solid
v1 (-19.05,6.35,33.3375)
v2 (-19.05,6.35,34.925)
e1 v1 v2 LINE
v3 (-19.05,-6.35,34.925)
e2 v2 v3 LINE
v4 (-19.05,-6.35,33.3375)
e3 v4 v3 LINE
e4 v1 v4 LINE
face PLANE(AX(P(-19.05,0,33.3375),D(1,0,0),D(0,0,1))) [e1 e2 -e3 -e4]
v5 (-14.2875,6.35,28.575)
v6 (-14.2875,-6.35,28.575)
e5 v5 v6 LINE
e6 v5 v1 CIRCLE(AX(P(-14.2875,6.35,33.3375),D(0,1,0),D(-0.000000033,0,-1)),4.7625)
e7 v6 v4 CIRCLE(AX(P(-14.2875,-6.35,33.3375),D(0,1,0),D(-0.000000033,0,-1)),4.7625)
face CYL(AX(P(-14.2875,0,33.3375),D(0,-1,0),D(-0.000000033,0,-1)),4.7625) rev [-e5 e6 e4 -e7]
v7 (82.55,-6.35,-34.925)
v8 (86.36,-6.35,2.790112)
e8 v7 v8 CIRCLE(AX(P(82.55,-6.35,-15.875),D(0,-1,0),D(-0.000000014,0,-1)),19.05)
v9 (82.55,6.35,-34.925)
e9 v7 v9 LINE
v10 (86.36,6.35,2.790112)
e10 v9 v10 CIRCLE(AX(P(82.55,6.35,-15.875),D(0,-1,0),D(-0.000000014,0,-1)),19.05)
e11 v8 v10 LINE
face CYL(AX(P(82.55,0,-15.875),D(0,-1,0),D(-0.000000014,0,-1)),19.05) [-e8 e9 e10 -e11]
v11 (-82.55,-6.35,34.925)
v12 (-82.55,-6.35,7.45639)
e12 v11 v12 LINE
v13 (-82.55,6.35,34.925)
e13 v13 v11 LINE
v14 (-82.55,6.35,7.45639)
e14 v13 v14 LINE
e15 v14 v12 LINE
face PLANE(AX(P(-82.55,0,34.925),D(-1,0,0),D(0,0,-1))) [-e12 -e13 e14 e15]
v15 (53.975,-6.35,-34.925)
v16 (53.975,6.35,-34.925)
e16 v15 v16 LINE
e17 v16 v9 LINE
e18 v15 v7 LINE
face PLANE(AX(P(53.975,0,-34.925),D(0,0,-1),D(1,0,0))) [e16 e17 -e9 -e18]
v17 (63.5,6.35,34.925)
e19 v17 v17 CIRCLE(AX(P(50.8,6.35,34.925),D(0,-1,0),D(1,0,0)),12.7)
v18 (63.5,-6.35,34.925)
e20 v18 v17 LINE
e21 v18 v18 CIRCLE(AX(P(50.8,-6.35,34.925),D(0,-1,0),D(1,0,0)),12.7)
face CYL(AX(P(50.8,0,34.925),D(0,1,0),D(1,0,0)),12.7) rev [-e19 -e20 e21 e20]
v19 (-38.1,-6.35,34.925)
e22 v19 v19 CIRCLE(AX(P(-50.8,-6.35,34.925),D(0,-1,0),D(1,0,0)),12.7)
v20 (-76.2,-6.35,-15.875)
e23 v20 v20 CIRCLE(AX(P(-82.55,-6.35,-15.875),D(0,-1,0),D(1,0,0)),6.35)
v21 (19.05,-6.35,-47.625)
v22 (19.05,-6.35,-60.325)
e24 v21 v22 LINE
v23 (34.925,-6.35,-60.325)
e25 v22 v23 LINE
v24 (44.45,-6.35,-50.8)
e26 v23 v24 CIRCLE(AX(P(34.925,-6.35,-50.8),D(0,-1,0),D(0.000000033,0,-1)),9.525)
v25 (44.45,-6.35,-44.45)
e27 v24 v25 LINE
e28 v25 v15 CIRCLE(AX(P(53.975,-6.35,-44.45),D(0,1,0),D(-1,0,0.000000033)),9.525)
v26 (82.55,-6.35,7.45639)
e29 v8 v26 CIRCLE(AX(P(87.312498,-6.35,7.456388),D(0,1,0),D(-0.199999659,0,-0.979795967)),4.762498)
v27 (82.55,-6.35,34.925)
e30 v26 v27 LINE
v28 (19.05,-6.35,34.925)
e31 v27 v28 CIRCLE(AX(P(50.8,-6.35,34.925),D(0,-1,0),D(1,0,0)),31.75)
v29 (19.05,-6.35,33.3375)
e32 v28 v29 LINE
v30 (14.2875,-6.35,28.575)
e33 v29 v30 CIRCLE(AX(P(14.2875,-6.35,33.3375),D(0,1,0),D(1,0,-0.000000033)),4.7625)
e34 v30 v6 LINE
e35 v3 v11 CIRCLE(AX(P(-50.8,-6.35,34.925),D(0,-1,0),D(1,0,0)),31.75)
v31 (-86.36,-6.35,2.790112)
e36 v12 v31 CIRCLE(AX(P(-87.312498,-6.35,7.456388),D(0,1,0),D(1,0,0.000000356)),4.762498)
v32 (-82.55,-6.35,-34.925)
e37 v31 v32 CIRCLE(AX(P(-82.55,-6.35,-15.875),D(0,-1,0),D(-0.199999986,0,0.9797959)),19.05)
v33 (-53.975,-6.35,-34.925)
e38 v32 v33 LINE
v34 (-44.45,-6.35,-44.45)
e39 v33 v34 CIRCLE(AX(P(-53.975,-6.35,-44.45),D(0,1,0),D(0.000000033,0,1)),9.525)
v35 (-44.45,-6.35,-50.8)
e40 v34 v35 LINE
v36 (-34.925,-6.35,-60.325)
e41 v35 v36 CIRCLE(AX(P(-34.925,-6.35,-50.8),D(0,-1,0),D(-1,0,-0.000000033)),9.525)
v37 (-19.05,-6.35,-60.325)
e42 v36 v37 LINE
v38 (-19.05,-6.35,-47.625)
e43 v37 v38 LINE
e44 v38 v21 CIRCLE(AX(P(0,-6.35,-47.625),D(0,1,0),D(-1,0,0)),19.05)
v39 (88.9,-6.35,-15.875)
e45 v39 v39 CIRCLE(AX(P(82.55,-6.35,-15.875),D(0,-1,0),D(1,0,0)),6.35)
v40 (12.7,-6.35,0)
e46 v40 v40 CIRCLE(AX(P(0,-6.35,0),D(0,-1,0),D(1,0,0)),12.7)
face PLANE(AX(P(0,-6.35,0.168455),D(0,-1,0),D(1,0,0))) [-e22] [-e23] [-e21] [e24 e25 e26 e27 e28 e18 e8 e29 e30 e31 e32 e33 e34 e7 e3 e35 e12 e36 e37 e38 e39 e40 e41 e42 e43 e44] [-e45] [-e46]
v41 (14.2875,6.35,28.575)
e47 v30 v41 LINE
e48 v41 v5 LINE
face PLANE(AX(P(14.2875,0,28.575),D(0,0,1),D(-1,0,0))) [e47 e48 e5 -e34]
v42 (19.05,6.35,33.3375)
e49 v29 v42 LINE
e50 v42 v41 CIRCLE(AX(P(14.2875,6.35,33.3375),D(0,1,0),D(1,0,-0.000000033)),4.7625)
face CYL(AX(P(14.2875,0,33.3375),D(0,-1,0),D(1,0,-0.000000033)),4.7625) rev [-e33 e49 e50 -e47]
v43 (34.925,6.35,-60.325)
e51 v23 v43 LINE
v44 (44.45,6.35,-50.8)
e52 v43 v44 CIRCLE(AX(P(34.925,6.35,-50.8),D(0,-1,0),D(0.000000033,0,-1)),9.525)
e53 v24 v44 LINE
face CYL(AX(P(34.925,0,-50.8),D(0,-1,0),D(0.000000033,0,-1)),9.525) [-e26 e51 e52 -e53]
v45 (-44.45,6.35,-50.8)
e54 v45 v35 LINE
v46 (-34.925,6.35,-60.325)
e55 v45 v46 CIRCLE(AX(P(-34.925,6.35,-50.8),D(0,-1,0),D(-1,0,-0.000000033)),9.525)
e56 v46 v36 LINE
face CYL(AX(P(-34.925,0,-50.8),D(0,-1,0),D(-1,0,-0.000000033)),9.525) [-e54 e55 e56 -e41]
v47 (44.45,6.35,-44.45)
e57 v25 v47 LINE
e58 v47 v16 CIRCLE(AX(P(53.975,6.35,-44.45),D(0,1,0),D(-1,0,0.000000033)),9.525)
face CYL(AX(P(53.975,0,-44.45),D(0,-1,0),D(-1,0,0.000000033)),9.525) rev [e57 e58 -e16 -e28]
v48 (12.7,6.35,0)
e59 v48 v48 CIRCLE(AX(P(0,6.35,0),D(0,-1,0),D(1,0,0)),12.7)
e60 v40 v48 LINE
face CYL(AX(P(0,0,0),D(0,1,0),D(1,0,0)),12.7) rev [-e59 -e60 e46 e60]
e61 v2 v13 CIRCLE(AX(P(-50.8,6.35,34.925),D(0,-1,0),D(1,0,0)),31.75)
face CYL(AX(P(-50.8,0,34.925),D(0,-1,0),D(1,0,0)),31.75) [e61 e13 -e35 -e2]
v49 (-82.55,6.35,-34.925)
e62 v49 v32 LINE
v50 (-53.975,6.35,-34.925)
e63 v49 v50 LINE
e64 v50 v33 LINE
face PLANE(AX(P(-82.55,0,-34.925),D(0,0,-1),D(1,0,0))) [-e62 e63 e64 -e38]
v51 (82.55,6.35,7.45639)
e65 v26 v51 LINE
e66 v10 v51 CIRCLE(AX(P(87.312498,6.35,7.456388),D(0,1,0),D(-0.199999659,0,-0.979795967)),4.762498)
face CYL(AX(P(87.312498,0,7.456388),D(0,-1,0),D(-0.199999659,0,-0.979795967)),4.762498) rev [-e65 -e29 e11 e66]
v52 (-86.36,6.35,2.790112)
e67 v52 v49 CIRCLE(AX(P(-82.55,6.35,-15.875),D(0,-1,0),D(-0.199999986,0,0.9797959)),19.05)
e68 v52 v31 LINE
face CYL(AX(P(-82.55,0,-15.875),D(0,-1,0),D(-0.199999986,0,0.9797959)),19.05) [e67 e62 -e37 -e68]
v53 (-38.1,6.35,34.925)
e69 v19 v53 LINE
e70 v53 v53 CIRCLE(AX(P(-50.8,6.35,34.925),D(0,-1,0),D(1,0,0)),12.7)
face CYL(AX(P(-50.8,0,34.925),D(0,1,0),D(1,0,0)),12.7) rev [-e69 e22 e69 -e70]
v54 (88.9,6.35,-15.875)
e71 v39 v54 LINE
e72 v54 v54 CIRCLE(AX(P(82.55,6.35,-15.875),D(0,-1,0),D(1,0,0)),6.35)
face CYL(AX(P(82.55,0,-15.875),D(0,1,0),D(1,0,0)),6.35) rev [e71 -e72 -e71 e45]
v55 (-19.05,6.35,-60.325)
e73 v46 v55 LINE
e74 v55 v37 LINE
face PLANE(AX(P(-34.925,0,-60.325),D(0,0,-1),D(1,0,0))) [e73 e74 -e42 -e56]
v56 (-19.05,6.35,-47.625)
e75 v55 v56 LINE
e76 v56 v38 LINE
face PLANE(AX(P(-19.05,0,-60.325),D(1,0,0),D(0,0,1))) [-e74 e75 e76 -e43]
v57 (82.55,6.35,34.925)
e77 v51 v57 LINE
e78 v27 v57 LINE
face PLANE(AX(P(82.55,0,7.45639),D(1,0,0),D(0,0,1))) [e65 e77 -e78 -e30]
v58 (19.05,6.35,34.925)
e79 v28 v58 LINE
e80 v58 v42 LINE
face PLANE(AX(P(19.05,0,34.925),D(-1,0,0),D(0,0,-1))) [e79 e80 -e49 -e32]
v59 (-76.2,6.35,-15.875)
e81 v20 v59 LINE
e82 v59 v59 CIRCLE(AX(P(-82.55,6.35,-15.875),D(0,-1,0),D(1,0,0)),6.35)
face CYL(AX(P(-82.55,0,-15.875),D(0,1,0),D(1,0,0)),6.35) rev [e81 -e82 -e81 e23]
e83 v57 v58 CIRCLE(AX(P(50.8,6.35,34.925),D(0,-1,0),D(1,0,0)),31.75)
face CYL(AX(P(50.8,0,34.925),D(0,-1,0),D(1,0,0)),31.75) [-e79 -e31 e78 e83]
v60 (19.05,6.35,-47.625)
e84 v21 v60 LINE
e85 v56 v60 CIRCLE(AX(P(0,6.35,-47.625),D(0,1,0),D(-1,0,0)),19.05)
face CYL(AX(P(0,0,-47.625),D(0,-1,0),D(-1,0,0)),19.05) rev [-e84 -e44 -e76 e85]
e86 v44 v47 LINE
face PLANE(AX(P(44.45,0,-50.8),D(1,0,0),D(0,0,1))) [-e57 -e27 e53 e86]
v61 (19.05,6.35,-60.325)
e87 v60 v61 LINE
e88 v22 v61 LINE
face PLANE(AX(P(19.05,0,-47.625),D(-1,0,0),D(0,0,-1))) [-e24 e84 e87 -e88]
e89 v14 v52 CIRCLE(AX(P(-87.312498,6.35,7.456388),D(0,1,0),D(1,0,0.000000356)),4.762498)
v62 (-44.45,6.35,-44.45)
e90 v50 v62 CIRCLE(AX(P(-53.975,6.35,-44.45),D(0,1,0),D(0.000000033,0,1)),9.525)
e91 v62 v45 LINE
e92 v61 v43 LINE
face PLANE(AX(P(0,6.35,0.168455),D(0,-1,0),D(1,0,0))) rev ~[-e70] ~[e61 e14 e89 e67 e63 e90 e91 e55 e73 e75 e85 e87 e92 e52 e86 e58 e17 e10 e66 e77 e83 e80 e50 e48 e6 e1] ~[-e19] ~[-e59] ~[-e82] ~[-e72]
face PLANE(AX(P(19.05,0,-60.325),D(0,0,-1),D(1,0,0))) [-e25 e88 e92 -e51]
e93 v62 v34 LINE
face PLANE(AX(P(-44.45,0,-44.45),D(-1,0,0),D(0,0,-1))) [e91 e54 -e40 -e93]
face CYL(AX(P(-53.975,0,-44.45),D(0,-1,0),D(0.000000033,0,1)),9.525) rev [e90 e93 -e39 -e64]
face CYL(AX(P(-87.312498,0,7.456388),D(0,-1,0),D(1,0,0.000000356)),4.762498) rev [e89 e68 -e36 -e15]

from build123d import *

# Parameters (mm, degrees)
F0_R     = 7.9375
F0_R_2   = 12.7
F0_R_3   = 6.35
F1_DEPTH = 6.35


with BuildPart() as f1:
    # F0 (on Front) → F1 (new body, symmetric)
    with BuildSketch(Plane.XZ):
        with BuildLine():
            Line((14.2875, 28.575), (0, 28.575))
            Line((0, 28.575), (-14.2875, 28.575))
            ThreePointArc((-14.2875, 28.575), (-17.655096, 29.969904), (-19.05, 33.3375))
            Line((-19.05, 33.3375), (-19.05, 34.925))
            ThreePointArc((-19.05, 34.925), (-50.8, 66.675), (-82.55, 34.925))
            Line((-82.55, 34.925), (-82.55, 7.45639))
            ThreePointArc((-82.55, 7.45639), (-83.623483, 4.44432), (-86.36, 2.790112))
            ThreePointArc((-86.36, 2.790112), (-101.503534, -17.789696), (-82.55, -34.925))
            Line((-82.55, -34.925), (-53.975, -34.925))
            ThreePointArc((-53.975, -34.925), (-47.239808, -37.714808), (-44.45, -44.45))
            Line((-44.45, -44.45), (-44.45, -50.8))
            ThreePointArc((-44.45, -50.8), (-41.660192, -57.535192), (-34.925, -60.325))
            Line((-34.925, -60.325), (-19.05, -60.325))
            Line((-19.05, -60.325), (-19.05, -47.625))
            ThreePointArc((-19.05, -47.625), (0, -28.575), (19.05, -47.625))
            Line((19.05, -47.625), (19.05, -60.325))
            Line((19.05, -60.325), (34.925, -60.325))
            ThreePointArc((34.925, -60.325), (41.660192, -57.535192), (44.45, -50.8))
            Line((44.45, -50.8), (44.45, -44.45))
            ThreePointArc((44.45, -44.45), (47.239808, -37.714808), (53.975, -34.925))
            Line((53.975, -34.925), (82.55, -34.925))
            ThreePointArc((82.55, -34.925), (101.503534, -17.789696), (86.36, 2.790112))
            ThreePointArc((86.36, 2.790112), (83.623483, 4.44432), (82.55, 7.45639))
            Line((82.55, 7.45639), (82.55, 34.925))
            ThreePointArc((82.55, 34.925), (50.8, 66.675), (19.05, 34.925))
            Line((19.05, 34.925), (19.05, 33.3375))
            ThreePointArc((19.05, 33.3375), (17.655096, 29.969904), (14.2875, 28.575))
        make_face()
        with Locations((-82.55, -15.875)):
            Circle(F0_R, mode=Mode.SUBTRACT)
        Circle(F0_R_2, mode=Mode.SUBTRACT)
        with Locations((82.55, -15.875)):
            Circle(F0_R, mode=Mode.SUBTRACT)
        with Locations((-50.8, 34.925)):
            Circle(F0_R_2, mode=Mode.SUBTRACT)
        with Locations((50.8, 34.925)):
            Circle(F0_R_2, mode=Mode.SUBTRACT)
        with Locations((82.55, -15.875)):
            Circle(F0_R)
        with Locations((82.55, -15.875)):
            Circle(F0_R_3, mode=Mode.SUBTRACT)
        with Locations((-82.55, -15.875)):
            Circle(F0_R)
        with Locations((-82.55, -15.875)):
            Circle(F0_R_3, mode=Mode.SUBTRACT)
    extrude(amount=F1_DEPTH, both=True)


solid = f1.part
